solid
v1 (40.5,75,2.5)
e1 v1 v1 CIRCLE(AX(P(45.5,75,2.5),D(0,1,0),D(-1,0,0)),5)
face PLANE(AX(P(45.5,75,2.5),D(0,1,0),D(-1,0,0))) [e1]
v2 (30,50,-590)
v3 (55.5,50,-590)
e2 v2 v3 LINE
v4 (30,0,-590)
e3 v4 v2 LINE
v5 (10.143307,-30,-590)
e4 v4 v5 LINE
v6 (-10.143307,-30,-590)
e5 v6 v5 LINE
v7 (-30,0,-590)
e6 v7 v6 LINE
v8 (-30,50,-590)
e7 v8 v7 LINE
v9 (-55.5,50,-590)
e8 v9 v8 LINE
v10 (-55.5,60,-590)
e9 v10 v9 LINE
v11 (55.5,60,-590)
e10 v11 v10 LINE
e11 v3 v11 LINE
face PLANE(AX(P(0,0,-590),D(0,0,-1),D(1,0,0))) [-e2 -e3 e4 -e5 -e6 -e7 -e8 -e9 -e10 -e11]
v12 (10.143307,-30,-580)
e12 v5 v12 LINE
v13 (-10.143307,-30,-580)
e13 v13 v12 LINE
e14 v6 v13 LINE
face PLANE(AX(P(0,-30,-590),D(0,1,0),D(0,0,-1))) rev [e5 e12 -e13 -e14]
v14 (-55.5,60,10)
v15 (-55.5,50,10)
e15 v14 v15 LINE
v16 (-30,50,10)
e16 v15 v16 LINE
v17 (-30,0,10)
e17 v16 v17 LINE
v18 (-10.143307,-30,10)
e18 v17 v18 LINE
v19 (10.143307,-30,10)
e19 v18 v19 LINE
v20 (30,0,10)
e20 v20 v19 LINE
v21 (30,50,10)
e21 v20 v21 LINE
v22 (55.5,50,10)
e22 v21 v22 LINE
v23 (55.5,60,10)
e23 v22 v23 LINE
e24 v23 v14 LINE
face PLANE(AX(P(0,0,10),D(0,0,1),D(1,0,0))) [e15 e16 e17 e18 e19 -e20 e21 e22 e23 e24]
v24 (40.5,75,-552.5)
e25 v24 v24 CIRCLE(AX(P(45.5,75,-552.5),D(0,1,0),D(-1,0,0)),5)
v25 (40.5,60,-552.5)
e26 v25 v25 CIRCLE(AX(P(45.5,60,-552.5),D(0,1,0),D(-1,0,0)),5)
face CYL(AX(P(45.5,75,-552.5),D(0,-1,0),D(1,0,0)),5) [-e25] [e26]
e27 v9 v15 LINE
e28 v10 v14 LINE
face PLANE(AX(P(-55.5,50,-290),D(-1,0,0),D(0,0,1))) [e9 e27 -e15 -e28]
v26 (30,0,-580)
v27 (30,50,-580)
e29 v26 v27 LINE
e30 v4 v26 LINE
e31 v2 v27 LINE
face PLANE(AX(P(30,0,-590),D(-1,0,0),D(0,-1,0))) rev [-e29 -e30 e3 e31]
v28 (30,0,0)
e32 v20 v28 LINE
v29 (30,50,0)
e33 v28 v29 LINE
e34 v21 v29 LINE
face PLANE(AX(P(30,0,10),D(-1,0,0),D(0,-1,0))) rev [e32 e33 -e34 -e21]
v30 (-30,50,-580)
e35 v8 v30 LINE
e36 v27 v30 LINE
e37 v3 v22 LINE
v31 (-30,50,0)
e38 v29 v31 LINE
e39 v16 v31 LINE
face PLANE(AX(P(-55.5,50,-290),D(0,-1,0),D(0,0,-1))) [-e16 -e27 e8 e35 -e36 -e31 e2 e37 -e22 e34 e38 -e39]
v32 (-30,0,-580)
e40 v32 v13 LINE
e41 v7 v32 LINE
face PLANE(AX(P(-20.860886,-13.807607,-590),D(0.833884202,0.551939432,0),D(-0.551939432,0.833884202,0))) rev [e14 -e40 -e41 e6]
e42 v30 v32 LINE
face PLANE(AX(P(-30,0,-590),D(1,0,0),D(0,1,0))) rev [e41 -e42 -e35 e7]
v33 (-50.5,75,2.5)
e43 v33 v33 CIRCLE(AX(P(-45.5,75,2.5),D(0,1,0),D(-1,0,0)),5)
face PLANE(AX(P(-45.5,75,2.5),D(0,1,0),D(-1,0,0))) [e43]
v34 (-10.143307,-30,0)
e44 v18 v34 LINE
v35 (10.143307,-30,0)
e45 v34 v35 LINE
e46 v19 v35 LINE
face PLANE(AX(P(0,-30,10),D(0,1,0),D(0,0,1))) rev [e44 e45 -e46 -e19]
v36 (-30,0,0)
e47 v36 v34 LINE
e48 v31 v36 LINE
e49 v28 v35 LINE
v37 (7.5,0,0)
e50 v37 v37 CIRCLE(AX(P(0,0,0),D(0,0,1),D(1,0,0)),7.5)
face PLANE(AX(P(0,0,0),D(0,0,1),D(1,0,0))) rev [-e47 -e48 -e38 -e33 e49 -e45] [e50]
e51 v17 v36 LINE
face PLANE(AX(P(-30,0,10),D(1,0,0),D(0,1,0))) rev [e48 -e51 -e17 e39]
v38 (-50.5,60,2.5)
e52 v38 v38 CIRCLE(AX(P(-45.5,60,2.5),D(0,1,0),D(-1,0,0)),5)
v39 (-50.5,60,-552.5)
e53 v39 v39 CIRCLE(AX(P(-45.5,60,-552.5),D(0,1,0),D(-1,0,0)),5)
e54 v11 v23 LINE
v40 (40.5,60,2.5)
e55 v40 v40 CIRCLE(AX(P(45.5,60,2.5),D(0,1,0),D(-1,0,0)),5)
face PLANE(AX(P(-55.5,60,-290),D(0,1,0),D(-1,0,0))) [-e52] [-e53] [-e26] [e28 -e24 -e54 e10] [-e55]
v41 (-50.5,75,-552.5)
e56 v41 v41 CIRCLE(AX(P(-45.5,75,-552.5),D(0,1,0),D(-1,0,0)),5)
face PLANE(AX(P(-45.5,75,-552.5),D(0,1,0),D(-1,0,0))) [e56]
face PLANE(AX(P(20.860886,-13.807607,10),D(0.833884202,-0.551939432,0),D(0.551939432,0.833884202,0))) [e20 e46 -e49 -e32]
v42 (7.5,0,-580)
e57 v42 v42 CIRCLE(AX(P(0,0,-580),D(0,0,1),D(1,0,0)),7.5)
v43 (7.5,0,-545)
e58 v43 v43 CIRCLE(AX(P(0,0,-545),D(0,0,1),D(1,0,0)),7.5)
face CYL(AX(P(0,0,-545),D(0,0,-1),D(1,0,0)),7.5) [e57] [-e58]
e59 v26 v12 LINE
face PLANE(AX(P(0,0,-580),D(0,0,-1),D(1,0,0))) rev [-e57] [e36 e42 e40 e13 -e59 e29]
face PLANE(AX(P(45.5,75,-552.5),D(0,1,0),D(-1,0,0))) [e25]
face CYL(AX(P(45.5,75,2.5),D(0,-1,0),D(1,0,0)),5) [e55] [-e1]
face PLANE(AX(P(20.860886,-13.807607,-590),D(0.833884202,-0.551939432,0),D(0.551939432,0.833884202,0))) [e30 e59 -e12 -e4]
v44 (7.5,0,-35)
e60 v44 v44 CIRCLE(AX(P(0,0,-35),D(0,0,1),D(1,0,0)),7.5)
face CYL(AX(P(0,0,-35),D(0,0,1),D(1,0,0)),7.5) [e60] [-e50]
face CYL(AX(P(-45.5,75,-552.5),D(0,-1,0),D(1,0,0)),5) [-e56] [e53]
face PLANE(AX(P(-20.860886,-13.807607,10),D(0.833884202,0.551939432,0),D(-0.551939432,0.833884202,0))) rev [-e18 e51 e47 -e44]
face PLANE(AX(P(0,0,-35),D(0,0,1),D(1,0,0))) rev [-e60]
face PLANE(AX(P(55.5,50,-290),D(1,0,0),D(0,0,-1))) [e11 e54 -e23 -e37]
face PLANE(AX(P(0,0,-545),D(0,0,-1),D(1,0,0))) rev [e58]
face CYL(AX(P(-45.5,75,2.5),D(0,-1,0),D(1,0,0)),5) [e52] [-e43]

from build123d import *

# Parameters (mm, degrees)
BOSS_EXTRUDE1_DEPTH = 10
SKETCH1_3_R         = 7.5
BOSS_EXTRUDE2_DEPTH = 35
SKETCH3_W           = 111
SKETCH3_H           = 10
BOSS_EXTRUDE3_DEPTH = 300
SKETCH4_R           = 5
BOSS_EXTRUDE4_DEPTH = 15


with BuildPart() as part:
    # Sketch1 → Boss-Extrude1 (new body)
    with BuildSketch(Plane.XY):
        Polygon((10.143306561, -30), (30, 0), (30, 50), (-30, 50), (-30, 0), (-10.143306561, -30), align=None)
    boss_extrude1 = extrude(amount=BOSS_EXTRUDE1_DEPTH)

    # Sketch1<3> → Boss-Extrude2 (add)
    with BuildSketch(Plane.XY):
        Circle(SKETCH1_3_R)
    boss_extrude2 = extrude(amount=-BOSS_EXTRUDE2_DEPTH)

    # Sketch3 → Boss-Extrude3 (add)
    with BuildSketch(Plane.XY.offset(10)):
        with Locations((0, 55)):
            Rectangle(SKETCH3_W, SKETCH3_H)
    boss_extrude3 = extrude(amount=-BOSS_EXTRUDE3_DEPTH)

    # Mirror1: Boss-Extrude1, Boss-Extrude2, Boss-Extrude3 across plane
    add(boss_extrude1.mirror(Plane(origin=(0, 0, -290), x_dir=(1, 0, 0), z_dir=(0, 0, -1))))
    add(boss_extrude2.mirror(Plane(origin=(0, 0, -290), x_dir=(1, 0, 0), z_dir=(0, 0, -1))))
    add(boss_extrude3.mirror(Plane(origin=(0, 0, -290), x_dir=(1, 0, 0), z_dir=(0, 0, -1))))

    # Sketch4 → Boss-Extrude4 (add)
    with BuildSketch(Plane(origin=(0, 60, 0), x_dir=(1, 0, 0), z_dir=(0, 1, 0))):
        with Locations((-45.5, -2.5)):
            Circle(SKETCH4_R)
        with Locations((45.5, -2.5)):
            Circle(SKETCH4_R)
        with Locations((-45.5, 552.5)):
            Circle(SKETCH4_R)
        with Locations((45.5, 552.5)):
            Circle(SKETCH4_R)
    extrude(amount=BOSS_EXTRUDE4_DEPTH)


solid = part.part
